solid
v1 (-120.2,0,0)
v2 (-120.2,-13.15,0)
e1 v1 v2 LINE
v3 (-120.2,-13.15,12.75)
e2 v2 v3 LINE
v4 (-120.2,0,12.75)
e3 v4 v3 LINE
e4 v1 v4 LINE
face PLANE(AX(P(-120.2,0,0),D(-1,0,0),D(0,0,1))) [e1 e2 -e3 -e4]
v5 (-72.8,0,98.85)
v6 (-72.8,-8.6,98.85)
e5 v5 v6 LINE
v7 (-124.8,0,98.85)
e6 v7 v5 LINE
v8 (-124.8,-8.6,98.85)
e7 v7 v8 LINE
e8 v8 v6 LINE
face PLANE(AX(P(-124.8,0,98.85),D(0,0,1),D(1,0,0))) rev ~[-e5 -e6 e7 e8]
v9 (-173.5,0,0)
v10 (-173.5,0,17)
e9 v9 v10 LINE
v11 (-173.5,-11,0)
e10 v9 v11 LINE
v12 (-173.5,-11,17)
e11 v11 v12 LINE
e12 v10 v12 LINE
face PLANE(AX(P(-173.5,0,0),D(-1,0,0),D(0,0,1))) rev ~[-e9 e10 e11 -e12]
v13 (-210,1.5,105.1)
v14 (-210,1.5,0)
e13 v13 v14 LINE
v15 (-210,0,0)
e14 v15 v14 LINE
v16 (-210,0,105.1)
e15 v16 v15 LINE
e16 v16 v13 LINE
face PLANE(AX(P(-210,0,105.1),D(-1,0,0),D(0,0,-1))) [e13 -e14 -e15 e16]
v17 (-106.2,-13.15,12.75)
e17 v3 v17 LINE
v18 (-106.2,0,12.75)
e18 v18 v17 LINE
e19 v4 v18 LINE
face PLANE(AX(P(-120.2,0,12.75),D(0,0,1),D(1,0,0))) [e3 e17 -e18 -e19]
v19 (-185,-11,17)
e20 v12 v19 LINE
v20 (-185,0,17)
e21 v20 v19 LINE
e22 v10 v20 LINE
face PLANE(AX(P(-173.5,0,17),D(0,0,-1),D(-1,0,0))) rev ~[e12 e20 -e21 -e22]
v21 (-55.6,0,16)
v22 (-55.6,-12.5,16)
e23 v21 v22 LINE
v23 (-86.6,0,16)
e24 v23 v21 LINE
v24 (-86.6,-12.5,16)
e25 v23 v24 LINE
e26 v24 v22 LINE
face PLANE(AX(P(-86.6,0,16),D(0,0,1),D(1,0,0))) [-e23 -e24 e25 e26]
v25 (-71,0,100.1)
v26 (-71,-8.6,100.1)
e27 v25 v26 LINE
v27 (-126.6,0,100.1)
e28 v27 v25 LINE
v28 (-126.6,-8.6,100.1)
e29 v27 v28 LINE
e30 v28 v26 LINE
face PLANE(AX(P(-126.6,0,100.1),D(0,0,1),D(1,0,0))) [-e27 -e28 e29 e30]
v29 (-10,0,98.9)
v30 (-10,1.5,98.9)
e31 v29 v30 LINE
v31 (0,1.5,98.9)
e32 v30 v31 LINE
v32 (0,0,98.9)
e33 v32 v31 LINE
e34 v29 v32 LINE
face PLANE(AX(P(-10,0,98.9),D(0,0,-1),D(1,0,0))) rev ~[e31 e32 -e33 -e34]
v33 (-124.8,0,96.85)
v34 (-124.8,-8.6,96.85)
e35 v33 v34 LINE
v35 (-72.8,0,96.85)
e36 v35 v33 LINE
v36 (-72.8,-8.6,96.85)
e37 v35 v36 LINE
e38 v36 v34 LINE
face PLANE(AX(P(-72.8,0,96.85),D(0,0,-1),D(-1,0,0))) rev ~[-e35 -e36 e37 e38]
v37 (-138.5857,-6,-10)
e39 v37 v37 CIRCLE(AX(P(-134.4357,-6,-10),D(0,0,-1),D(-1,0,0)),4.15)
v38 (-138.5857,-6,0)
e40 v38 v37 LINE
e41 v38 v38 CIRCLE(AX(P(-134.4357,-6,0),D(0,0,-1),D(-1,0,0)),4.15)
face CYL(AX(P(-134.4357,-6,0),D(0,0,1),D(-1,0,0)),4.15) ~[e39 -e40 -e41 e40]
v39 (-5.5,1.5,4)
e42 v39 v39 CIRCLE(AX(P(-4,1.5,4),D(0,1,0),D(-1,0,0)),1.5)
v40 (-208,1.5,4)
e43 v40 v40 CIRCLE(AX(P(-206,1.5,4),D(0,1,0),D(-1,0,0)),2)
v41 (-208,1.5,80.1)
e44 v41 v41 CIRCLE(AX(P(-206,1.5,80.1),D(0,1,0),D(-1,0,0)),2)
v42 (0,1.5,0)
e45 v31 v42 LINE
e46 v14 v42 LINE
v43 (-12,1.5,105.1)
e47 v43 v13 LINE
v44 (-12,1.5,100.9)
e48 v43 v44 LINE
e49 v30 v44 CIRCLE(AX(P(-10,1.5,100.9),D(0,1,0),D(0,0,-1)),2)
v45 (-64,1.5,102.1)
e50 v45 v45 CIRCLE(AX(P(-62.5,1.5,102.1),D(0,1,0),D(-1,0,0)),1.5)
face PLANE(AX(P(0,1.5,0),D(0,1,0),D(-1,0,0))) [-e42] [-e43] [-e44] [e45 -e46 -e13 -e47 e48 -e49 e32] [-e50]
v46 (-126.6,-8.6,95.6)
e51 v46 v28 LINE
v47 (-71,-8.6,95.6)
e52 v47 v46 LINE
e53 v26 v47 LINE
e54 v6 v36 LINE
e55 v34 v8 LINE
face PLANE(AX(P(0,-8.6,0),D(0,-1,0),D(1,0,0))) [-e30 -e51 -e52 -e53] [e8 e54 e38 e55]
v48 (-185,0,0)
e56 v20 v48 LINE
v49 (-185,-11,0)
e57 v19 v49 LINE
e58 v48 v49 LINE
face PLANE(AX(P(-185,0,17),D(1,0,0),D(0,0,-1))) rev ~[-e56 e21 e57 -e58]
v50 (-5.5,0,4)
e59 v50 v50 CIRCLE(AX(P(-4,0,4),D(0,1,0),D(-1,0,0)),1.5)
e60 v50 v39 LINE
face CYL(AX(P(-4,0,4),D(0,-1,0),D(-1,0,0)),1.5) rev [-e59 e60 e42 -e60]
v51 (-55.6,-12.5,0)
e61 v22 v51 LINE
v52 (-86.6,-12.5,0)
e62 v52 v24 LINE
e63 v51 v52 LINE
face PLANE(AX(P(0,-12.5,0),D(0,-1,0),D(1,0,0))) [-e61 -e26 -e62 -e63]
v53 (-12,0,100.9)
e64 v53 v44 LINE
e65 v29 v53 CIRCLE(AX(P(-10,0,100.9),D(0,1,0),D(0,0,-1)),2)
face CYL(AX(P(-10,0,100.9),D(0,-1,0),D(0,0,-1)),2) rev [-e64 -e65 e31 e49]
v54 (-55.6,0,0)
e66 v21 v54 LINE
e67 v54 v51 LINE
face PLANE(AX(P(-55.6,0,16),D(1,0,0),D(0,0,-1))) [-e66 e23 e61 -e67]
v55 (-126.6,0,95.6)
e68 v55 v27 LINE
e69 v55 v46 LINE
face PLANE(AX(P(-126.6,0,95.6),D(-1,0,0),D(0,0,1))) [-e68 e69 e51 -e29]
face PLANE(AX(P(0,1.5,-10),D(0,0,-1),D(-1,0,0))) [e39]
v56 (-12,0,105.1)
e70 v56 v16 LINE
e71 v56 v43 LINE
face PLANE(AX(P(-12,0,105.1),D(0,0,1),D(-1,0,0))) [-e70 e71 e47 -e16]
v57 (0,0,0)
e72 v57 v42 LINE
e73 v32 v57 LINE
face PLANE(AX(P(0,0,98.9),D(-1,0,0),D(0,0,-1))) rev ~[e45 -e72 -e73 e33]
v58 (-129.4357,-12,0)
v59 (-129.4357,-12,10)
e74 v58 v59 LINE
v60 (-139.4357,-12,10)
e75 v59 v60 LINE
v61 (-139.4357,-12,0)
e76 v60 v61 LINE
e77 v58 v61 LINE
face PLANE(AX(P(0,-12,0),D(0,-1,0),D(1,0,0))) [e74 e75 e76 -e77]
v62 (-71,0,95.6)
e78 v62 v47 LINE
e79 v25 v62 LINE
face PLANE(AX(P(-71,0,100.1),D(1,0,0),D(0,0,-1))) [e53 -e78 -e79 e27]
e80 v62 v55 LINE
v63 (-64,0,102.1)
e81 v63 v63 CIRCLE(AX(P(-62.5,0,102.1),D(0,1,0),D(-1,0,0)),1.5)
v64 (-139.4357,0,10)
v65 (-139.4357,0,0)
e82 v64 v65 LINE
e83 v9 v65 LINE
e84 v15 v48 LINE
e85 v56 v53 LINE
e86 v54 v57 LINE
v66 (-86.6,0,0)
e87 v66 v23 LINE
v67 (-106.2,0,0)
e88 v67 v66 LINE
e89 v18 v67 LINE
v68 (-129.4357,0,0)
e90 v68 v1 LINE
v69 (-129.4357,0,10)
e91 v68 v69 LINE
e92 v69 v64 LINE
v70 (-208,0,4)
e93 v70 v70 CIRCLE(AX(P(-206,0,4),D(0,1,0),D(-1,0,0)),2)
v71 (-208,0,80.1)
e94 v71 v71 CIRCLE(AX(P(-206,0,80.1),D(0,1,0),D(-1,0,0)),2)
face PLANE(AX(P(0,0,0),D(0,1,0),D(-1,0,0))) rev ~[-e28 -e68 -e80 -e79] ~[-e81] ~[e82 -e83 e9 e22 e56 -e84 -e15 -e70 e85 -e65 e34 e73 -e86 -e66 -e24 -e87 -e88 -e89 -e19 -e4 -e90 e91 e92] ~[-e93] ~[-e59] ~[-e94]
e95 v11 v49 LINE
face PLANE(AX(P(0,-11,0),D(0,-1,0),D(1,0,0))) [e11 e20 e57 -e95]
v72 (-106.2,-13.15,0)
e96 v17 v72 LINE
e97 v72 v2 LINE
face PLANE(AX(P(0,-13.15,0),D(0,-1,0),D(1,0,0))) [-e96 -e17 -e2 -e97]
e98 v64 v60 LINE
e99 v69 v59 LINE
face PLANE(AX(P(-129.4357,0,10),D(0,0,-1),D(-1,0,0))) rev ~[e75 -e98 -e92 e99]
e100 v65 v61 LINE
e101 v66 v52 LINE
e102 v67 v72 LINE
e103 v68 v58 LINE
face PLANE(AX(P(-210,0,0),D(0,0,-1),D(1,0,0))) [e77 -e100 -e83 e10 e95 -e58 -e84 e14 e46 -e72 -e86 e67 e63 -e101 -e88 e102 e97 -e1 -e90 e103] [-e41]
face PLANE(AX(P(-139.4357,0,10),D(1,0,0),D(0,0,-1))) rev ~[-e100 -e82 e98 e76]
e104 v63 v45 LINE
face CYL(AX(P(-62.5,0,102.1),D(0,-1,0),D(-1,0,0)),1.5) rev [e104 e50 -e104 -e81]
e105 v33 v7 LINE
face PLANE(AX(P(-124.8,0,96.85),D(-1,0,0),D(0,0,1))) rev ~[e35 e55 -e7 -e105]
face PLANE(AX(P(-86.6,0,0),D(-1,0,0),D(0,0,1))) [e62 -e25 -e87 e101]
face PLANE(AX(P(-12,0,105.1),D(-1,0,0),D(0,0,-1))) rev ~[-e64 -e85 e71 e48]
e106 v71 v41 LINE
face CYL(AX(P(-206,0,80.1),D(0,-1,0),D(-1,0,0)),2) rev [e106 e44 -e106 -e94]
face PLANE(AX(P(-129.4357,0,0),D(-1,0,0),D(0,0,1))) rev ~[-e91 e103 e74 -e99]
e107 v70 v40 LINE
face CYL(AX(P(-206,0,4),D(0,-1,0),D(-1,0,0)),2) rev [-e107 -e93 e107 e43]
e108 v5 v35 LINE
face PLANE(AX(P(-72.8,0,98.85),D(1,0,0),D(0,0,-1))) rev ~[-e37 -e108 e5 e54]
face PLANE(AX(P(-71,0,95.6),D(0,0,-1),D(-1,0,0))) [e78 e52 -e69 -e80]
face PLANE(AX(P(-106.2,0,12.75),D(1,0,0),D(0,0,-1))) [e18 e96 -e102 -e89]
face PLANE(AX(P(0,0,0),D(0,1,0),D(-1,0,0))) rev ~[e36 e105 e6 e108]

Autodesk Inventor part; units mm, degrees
ref_plane "YZ Plane" through (0, 0, 0) normal (1, 0, 0) x (0, 1, 0)
ref_plane "XZ Plane" through (0, 0, 0) normal (0, 1, 0) x (-1, 0, 0)
ref_plane "XY Plane" through (0, 0, 0) normal (0, 0, 1) x (1, 0, 0)
sketch "Sketch1" plane through (0, 0, 0) normal (0, 1, 0) x (-1, 0, 0)
  line L0 (12, 105.1) -> (210, 105.1)
  line L1 (210, 105.1) -> (210, 0)
  line L2 (210, 0) -> (0, 0)
  circle A0 centre (4, 4) radius 1.5
  circle A1 centre (206, 4) radius 2
  circle A2 centre (206, 80.1) radius 2
  circle A3 centre (62.5, 102.1) radius 1.5
  line L3 (12, 105.1) -> (12, 100.9)
  line L4 (10, 98.9) -> (0, 98.9)
  arc A4 (10, 98.9) -> (12, 100.9) centre (10, 100.9) ccw
  line L5 (0, 98.9) -> (0, 0)
  point P0 (12, 98.9)
  dimension "d1" = 210
  dimension "d6" = 3
  dimension "d7" = 4
  dimension "d9" = 4
  dimension "d12" = 3
  dimension "d13" = 3
  dimension "d14" = 12
  dimension "d15" = 6.2
  dimension "d16" = 2
  dimension "d52" = 105.1
  dimension "d53" = 4
  dimension "d54" = 4
  dimension "d55" = 62.5
  dimension "d56" = 206
  dimension "d57" = 80.1
  dimension "d58" = 4
extrude "Extrusion1" add sketch "Sketch1" along normal blind 1.5
sketch "Sketch2" plane through (0, 0, 0) normal (0, -1, 0) x (1, 0, 0)
  line L0 (-126.6, 100.1) -> (-71, 100.1)
  line L1 (-71, 100.1) -> (-71, 95.6)
  line L2 (-71, 95.6) -> (-126.6, 95.6)
  line L3 (-126.6, 95.6) -> (-126.6, 100.1)
  line L4 (-210, 0) -> (-210, 105.1) projected
  line L5 (0, 98.9) -> (0, 0) projected
  line L6 (-72.8, 96.85) -> (-124.8, 96.85)
  line L7 (-124.8, 96.85) -> (-124.8, 98.85)
  line L8 (-124.8, 98.85) -> (-72.8, 98.85)
  line L9 (-72.8, 98.85) -> (-72.8, 96.85)
  line L10 (-210, 105.1) -> (-12, 105.1) projected
  point P0 (-126.6, 97.85)
  point P1 (-72.8, 97.85)
  point P2 (-71, 97.85)
  point P3 (-98.8, 98.85)
  point P4 (-98.8, 100.1)
  point P5 (-111, 105.1)
  dimension "d17" = 4.5
  dimension "d18" = 55.6
  dimension "d34" = 2
  dimension "d35" = 71
  dimension "d36" = 5
  dimension "d59" = 1.8
sketch "Sketch3" plane through (0, 0, 0) normal (0, -1, 0) x (1, 0, 0)
  line L0 (0, 0) -> (-210, 0) projected
  line L1 (-55.6, 0) -> (-86.6, 0)
  line L2 (-86.6, 0) -> (-86.6, 16)
  line L3 (-86.6, 16) -> (-55.6, 16)
  line L4 (-55.6, 16) -> (-55.6, 0)
  line L5 (0, 98.9) -> (0, 0) projected
  point P0 (-55.6, 8)
  point P1 (-86.6, 0)
  dimension "d23" = 55.6
  dimension "d24" = 31
  dimension "d25" = 16
extrude "Extrusion3" add sketch "Sketch3" along normal blind 12.5
sketch "Sketch4" plane through (0, 0, 0) normal (0, -1, 0) x (1, 0, 0)
  line L0 (-106.2, 0) -> (-120.2, 0)
  line L1 (-120.2, 0) -> (-120.2, 12.75)
  line L2 (-120.2, 12.75) -> (-106.2, 12.75)
  line L3 (-106.2, 12.75) -> (-106.2, 0)
  line L4 (-86.6, 16) -> (-86.6, 0) projected
  line L5 (0, 0) -> (-55.6, 0) projected
  line L6 (-86.6, 0) -> (-210, 0) projected
  dimension "d28" = 12.75
  dimension "d29" = 14
  dimension "d32" = 19.6
extrude "Extrusion4" add sketch "Sketch4" along normal blind 13.15
extrude "Extrusion5" add sketch "Sketch2" along normal blind 8.6
sketch "Sketch5" plane through (0, 0, 0) normal (0, -1, 0) x (1, 0, 0)
  line L0 (0, 0) -> (-210, 0) projected
  line L1 (-185, 0) -> (-173.5, 0)
  line L2 (-173.5, 0) -> (-173.5, 17)
  line L3 (-173.5, 17) -> (-185, 17)
  line L4 (-185, 17) -> (-185, 0)
  line L5 (-210, 0) -> (-210, 105.1) projected
  point P0 (-173.5, 0)
  dimension "d39" = 17
  dimension "d40" = 11.5
  dimension "d43" = 25
extrude "Extrusion6" add sketch "Sketch5" along normal blind 11
sketch "Sketch6" plane through (0, 0, 0) normal (0, -1, 0) x (1, 0, 0)
  line L0 (0, 0) -> (-210, 0) projected
  line L1 (-139.4357, 0) -> (-129.4357, 0)
  line L2 (-129.4357, 0) -> (-129.4357, 10)
  line L3 (-129.4357, 10) -> (-139.4357, 10)
  line L4 (-139.4357, 10) -> (-139.4357, 0)
  point P0 (-129.4357, 0)
  dimension "d44" = 10
  dimension "d45" = 10
extrude "Extrusion7" add sketch "Sketch6" along normal blind 12
sketch "Sketch7" plane through (0, 1.5, 0) normal (0, 0, -1) x (-1, 0, 0)
  circle A0 centre (134.4357, -7.5) radius 4.15
  line L0 (139.4357, -1.5) -> (139.4357, -13.5) projected
  line L1 (139.4357, -13.5) -> (129.4357, -13.5) projected
  point P0 (0, -1.5)
  point P1 (139.4357, -7.5)
  point P2 (134.4357, -13.5)
  dimension "d48" = 8.3
extrude "Extrusion8" add sketch "Sketch7" along normal blind 10
properties part number "motherboard"
